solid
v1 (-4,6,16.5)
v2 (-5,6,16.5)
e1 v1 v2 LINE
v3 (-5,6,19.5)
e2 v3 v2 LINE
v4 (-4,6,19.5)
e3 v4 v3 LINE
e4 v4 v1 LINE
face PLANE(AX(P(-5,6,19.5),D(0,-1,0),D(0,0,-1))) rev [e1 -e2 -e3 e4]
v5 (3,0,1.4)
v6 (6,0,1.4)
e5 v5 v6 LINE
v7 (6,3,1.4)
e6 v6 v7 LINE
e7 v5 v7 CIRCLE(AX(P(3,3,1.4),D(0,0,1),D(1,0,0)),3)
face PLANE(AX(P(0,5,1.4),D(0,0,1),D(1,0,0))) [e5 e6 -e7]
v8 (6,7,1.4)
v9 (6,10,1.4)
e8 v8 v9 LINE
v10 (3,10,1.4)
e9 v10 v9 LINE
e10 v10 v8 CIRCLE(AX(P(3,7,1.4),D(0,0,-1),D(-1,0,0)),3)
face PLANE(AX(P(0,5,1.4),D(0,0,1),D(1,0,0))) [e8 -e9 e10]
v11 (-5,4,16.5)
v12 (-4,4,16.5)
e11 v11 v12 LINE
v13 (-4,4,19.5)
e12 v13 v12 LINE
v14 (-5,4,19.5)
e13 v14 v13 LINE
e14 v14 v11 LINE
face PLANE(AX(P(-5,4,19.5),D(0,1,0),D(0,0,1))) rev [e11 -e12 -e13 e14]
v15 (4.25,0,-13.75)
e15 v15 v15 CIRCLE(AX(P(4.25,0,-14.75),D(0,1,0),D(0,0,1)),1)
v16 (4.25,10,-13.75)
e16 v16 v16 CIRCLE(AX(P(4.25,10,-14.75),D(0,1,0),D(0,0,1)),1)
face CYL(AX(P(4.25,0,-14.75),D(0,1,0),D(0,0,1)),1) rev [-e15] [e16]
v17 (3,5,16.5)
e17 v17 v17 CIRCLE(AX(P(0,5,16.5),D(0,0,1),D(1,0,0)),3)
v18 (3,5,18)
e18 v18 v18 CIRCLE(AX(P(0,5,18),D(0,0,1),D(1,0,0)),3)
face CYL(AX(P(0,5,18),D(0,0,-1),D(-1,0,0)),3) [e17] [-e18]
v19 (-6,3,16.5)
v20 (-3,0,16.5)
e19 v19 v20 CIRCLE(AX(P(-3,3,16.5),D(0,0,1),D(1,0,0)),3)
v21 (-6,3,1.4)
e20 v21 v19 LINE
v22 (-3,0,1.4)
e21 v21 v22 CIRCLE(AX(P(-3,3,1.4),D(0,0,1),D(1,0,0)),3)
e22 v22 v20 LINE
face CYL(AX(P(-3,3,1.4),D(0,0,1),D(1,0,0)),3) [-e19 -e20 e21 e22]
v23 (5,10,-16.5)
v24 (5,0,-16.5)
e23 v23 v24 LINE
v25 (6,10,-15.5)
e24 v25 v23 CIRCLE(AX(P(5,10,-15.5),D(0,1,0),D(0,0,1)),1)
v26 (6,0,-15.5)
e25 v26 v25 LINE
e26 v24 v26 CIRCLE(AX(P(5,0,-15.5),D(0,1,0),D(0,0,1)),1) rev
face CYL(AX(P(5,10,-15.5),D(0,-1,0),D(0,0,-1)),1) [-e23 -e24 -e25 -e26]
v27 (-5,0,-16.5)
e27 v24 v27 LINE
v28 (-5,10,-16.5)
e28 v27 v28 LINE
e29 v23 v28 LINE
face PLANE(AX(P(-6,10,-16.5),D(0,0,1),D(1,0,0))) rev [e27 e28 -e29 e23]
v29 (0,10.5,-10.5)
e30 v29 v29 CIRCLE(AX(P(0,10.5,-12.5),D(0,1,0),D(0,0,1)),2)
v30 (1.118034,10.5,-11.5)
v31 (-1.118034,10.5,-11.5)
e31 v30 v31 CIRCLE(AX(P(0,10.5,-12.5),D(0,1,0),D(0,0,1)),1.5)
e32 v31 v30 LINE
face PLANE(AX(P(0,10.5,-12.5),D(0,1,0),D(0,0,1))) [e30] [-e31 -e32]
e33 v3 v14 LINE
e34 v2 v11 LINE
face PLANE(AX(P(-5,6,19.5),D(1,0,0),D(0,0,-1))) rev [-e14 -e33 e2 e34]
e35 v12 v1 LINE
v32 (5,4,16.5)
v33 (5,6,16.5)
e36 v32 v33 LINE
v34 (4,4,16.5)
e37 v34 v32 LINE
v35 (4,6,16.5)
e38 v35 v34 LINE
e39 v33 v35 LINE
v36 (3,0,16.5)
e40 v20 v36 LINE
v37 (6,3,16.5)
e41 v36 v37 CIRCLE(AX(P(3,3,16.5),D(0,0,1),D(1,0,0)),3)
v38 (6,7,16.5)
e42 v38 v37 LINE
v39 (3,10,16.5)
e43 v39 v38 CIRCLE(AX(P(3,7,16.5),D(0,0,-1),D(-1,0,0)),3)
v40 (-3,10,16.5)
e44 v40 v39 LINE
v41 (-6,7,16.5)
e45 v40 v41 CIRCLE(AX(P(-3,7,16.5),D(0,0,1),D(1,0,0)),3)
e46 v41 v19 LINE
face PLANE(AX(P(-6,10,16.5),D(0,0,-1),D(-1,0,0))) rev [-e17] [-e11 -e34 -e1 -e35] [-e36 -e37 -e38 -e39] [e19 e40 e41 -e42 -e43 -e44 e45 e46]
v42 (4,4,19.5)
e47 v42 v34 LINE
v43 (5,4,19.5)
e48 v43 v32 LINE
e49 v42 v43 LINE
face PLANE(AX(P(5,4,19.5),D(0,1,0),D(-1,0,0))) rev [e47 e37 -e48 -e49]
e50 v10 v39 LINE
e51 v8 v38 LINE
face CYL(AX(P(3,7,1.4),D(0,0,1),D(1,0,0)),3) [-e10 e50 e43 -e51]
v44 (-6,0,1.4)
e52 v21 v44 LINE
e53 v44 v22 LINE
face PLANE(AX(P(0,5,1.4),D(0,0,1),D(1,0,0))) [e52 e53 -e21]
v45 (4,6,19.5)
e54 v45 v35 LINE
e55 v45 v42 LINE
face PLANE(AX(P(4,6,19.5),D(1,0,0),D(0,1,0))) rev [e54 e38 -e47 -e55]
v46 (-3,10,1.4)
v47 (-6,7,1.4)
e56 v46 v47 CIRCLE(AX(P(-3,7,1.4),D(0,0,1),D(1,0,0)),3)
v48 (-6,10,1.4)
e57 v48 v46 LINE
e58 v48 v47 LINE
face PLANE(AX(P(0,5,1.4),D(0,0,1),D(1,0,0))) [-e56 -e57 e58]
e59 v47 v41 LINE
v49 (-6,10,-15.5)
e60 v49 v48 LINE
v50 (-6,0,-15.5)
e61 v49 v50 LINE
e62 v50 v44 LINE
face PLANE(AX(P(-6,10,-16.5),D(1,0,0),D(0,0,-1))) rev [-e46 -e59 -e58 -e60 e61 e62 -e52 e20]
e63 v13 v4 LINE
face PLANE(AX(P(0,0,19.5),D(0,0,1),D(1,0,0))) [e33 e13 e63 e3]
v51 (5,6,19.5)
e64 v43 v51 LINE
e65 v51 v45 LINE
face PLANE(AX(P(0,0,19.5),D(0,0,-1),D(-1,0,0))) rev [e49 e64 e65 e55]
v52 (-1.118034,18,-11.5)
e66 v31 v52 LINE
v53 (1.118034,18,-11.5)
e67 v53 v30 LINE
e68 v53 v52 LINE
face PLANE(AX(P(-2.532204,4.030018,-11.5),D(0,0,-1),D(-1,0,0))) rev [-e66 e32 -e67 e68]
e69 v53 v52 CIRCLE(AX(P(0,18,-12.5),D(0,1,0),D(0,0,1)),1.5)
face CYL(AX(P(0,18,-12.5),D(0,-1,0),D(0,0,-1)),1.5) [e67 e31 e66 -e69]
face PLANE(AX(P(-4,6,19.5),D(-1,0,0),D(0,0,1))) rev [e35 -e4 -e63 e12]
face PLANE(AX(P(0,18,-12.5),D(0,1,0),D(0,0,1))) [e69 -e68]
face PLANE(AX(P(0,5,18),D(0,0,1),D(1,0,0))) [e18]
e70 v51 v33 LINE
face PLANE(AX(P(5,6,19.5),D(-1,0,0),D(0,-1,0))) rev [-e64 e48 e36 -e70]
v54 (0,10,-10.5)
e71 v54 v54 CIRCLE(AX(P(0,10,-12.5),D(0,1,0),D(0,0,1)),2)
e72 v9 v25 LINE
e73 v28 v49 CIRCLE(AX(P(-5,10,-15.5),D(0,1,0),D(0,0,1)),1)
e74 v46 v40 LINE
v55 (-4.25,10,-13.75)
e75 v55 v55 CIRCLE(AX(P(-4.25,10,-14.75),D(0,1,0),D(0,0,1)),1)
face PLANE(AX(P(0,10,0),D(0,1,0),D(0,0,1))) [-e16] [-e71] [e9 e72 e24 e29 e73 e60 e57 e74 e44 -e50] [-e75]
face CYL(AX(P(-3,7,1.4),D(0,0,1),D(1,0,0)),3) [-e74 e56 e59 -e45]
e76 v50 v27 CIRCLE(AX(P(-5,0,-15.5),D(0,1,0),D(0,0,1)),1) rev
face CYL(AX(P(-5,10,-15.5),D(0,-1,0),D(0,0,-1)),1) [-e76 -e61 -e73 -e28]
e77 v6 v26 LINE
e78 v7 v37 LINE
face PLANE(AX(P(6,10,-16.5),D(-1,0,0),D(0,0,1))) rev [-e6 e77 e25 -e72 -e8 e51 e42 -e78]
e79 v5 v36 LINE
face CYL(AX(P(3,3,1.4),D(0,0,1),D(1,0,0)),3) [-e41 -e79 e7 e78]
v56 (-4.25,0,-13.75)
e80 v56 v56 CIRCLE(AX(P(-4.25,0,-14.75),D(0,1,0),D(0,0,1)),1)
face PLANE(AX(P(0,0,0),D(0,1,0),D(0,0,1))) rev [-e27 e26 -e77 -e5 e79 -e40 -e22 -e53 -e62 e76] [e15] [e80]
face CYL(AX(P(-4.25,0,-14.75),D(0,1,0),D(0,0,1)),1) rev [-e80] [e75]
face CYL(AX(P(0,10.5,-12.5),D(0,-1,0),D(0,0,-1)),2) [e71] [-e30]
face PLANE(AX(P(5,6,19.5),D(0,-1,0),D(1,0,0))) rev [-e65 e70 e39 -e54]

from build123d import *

# Parameters (mm, degrees)
SKETCH_1_W          = 12
SKETCH_1_H          = 33
EXTRUDE_1_DEPTH     = 10
SKETCH_3_OUTSIDE_W  = 21.302
SKETCH_3_OUTSIDE_H  = 19.302
CUT_EXTRUDE_1_DEPTH = 15.1
SKETCH_4_R          = 3
EXTRUDE_2_DEPTH     = 1.5
SKETCH_5_W          = 1
SKETCH_5_H          = 2
EXTRUDE_3_DEPTH     = 3
SKETCH_6_R          = 2
EXTRUDE_4_DEPTH     = 0.5
SKETCH_7_R          = 1.5
EXTRUDE_5_DEPTH     = 7.5
SKETCH_8_W          = 5.870249933
SKETCH_8_H          = 2.720447988
CUT_EXTRUDE_2_DEPTH = 7.5
FILLET_1_R          = 1
SKETCH_9_R          = 1
CUT_EXTRUDE_3_DEPTH = 23.721135535


with BuildPart() as part:
    # 草图1 → 凸台-拉伸1 (new body)
    with BuildSketch(Plane(origin=(0, 0, 0), x_dir=(1, 0, 0), z_dir=(0, 1, 0))):
        Rectangle(SKETCH_1_W, SKETCH_1_H)
    extrude(amount=EXTRUDE_1_DEPTH)

    # 草图3 outside → 切除-拉伸1 (cut)
    with BuildSketch(Plane.XY.offset(16.5)):
        with Locations((0, 5)):
            Rectangle(SKETCH_3_OUTSIDE_W, SKETCH_3_OUTSIDE_H)
        with BuildLine():
            Line((-3, 10), (3, 10))
            ThreePointArc((3, 10), (5.121320344, 9.121320344), (6, 7))
            Line((6, 7), (6, 3))
            ThreePointArc((6, 3), (5.121320344, 0.878679656), (3, 0))
            Line((3, 0), (-3, 0))
            ThreePointArc((-3, 0), (-5.121320344, 0.878679656), (-6, 3))
            Line((-6, 3), (-6, 7))
            ThreePointArc((-6, 7), (-5.121320344, 9.121320344), (-3, 10))
        make_face(mode=Mode.SUBTRACT)
    extrude(amount=-CUT_EXTRUDE_1_DEPTH, mode=Mode.SUBTRACT)

    # 草图4 → 凸台-拉伸2 (add)
    with BuildSketch(Plane.XY.offset(16.5)):
        with Locations((0, 5)):
            Circle(SKETCH_4_R)
    extrude(amount=EXTRUDE_2_DEPTH)

    # 草图5 → 凸台-拉伸3 (add)
    with BuildSketch(Plane.XY.offset(16.5)):
        with Locations((4.5, 5)):
            Rectangle(SKETCH_5_W, SKETCH_5_H)
        with Locations((-4.5, 5)):
            Rectangle(SKETCH_5_W, SKETCH_5_H)
    extrude(amount=EXTRUDE_3_DEPTH)

    # 草图6 → 凸台-拉伸4 (add)
    with BuildSketch(Plane(origin=(0, 10, 0), x_dir=(1, 0, 0), z_dir=(0, 1, 0))):
        with Locations(Location((0, 12.5, 0), (0, 0, 270))):
            Circle(SKETCH_6_R)
    extrude(amount=EXTRUDE_4_DEPTH)

    # 草图7 → 凸台-拉伸5 (add)
    with BuildSketch(Plane(origin=(0, 10.5, 0), x_dir=(1, 0, 0), z_dir=(0, 1, 0))):
        with Locations(Location((0, 12.5, 0), (0, 0, 270))):
            Circle(SKETCH_7_R)
    extrude(amount=EXTRUDE_5_DEPTH)

    # 草图8 → 切除-拉伸2 (cut)
    with BuildSketch(Plane(origin=(0, 18, 0), x_dir=(1, 0, 0), z_dir=(0, 1, 0))):
        with Locations((0.402921065, 10.139776006)):
            Rectangle(SKETCH_8_W, SKETCH_8_H)
    extrude(amount=-CUT_EXTRUDE_2_DEPTH, mode=Mode.SUBTRACT)

    # 圆角1
    fillet_1_edges = [part.edges().sort_by_distance(p)[0] for p in [
        (-6, 5, -16.5),
        (6, 5, -16.5),
    ]]
    fillet(fillet_1_edges, radius=FILLET_1_R)

    # 草图9 → 切除-拉伸3 (cut, through all)
    with BuildSketch(Plane(origin=(0, 10, 0), x_dir=(1, 0, 0), z_dir=(0, 1, 0))):
        with Locations(Location((-4.25, 14.75, 0), (0, 0, 270))):
            Circle(SKETCH_9_R)
        with Locations(Location((4.25, 14.75, 0), (0, 0, 270))):
            Circle(SKETCH_9_R)
    extrude(amount=-CUT_EXTRUDE_3_DEPTH, mode=Mode.SUBTRACT)


solid = part.part
